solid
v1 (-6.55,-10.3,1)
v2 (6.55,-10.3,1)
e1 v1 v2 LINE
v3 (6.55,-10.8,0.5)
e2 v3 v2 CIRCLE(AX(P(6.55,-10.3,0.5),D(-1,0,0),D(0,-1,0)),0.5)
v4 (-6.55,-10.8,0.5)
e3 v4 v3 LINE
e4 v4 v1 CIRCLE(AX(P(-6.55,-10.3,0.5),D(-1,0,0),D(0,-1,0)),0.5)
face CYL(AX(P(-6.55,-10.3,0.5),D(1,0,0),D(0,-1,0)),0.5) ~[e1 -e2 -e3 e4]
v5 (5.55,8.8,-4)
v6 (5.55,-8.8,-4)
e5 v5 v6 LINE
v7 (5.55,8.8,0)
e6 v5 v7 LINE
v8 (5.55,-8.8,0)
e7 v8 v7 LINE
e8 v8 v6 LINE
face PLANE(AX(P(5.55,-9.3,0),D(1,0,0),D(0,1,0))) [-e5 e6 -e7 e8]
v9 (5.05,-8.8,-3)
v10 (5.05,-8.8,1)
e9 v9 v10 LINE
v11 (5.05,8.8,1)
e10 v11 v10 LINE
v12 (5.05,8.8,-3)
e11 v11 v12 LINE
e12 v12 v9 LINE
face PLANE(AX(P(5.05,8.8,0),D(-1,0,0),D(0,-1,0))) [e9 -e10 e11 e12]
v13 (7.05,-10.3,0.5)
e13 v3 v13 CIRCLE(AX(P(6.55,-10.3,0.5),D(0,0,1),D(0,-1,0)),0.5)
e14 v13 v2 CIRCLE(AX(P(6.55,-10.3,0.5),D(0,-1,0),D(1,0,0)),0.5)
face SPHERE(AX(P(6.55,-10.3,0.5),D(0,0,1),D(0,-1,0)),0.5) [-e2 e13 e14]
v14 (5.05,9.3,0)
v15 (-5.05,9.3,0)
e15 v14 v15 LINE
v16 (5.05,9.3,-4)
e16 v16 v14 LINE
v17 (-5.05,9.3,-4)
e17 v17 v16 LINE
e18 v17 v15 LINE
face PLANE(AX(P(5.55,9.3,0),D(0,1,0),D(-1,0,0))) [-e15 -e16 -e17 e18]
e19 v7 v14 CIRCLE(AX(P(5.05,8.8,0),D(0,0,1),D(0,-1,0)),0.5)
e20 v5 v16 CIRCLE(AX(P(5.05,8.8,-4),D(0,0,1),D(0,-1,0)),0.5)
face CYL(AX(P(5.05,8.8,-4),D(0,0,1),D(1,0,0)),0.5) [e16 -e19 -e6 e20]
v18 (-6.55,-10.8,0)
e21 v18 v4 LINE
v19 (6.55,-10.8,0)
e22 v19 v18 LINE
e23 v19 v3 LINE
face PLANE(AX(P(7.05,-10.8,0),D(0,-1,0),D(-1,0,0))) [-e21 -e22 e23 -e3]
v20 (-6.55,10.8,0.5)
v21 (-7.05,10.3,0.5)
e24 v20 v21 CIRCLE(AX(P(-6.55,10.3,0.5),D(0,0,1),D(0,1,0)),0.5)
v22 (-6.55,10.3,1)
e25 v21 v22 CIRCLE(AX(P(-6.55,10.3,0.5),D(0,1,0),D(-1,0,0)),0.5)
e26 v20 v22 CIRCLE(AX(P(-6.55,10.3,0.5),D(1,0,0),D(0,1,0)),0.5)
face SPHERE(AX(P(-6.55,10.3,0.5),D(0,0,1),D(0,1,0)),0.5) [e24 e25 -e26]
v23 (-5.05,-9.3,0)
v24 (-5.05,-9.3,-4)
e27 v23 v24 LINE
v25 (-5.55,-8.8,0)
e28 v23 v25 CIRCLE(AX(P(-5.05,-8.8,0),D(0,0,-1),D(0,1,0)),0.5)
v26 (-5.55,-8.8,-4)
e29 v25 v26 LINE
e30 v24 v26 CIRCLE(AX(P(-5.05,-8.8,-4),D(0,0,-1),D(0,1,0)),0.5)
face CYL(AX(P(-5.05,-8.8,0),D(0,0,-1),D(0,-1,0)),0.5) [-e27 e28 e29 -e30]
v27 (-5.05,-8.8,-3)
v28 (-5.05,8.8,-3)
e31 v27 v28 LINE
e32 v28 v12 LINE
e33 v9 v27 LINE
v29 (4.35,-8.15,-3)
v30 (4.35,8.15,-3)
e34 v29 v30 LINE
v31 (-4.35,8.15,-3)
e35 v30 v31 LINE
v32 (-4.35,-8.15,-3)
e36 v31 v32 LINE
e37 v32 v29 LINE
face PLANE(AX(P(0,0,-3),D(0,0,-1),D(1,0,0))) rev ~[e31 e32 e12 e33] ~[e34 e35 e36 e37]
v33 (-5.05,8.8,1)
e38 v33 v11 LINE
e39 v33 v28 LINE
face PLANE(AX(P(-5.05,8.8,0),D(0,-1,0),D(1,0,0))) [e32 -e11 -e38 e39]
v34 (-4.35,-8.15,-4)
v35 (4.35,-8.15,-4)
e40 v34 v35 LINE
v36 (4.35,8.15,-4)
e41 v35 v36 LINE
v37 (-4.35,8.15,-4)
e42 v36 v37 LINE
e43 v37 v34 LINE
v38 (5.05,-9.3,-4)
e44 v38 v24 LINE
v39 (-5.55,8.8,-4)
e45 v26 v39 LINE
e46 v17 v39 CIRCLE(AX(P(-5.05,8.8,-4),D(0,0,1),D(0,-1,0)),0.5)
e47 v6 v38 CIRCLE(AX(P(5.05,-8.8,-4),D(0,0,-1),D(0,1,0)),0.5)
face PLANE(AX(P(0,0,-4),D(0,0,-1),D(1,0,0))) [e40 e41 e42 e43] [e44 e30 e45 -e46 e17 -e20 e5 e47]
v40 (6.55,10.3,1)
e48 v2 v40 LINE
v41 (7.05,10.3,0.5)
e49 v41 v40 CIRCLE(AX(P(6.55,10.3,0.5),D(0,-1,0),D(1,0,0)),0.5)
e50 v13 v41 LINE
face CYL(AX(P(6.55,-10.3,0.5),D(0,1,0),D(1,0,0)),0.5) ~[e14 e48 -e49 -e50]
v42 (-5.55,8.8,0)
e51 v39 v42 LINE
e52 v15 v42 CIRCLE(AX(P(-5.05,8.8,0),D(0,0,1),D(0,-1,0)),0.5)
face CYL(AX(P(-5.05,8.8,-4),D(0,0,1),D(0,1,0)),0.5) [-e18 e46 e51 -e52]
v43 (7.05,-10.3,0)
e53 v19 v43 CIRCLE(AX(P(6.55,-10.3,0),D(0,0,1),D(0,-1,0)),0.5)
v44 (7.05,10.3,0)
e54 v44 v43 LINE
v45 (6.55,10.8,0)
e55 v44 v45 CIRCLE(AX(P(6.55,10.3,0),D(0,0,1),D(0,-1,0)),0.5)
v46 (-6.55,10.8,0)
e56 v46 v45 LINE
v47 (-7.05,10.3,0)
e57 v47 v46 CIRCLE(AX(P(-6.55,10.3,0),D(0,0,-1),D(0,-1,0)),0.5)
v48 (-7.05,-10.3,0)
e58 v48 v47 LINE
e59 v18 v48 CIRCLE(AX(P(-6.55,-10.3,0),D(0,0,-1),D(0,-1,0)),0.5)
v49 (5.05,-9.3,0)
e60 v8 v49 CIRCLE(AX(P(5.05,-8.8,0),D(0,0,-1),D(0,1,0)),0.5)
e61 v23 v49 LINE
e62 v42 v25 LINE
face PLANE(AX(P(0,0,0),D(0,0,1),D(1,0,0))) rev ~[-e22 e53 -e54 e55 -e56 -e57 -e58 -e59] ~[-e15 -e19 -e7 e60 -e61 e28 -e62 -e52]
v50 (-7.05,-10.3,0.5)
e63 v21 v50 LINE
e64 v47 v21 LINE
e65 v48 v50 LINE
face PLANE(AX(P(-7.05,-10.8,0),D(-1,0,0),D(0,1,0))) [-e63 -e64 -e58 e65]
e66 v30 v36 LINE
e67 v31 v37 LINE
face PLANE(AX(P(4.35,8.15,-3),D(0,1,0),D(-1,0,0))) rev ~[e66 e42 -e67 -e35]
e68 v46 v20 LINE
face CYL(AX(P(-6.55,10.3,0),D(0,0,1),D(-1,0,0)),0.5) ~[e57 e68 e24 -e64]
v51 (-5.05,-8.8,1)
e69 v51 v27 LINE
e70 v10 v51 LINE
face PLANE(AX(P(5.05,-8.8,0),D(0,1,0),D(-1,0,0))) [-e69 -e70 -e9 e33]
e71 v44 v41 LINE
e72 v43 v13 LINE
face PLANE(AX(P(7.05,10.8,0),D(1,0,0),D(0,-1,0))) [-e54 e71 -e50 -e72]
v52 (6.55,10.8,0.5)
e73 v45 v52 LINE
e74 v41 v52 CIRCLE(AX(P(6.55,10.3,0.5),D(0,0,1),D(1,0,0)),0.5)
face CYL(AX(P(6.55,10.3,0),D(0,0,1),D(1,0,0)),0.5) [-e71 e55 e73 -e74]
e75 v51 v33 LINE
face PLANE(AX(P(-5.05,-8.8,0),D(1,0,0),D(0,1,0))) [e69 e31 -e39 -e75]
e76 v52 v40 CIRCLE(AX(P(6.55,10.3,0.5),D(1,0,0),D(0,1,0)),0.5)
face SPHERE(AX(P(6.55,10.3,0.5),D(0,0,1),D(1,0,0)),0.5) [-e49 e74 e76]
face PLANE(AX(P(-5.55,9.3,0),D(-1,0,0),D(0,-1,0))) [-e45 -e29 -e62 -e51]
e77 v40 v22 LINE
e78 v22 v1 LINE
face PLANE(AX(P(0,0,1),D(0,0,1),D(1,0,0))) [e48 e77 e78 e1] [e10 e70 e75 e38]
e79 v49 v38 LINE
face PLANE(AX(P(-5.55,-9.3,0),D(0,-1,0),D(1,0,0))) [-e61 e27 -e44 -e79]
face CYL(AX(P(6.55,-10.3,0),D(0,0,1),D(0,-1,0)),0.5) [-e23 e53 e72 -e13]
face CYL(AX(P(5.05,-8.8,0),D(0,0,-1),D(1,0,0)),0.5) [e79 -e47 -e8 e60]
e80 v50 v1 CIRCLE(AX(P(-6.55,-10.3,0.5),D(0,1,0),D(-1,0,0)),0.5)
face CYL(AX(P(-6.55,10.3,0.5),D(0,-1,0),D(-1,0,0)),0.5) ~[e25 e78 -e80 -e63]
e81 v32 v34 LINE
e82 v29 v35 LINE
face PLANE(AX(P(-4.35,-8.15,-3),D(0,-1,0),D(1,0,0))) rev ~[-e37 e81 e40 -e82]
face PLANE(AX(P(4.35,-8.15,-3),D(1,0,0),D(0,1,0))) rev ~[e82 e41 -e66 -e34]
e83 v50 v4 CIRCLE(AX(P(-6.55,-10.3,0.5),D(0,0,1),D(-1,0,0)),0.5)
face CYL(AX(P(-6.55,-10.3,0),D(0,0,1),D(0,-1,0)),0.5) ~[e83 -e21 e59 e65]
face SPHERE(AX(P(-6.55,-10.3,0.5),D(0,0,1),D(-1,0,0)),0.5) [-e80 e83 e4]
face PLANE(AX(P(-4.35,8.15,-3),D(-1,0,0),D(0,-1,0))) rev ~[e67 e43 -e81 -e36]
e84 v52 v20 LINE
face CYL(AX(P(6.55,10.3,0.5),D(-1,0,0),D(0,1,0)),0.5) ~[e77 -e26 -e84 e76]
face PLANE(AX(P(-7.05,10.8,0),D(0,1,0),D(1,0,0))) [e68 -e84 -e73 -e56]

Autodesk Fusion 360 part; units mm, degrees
sketch "Sketch1" plane through (0, 0, 0) normal (0, 0, 1) x (1, 0, 0)
  line L0 (5.55, 9.3) -> (-5.55, 9.3)
  line L1 (-5.55, 9.3) -> (-5.55, -9.3)
  line L2 (-5.55, -9.3) -> (5.55, -9.3)
  line L3 (5.55, -9.3) -> (5.55, 9.3)
  line L4 (5.55, 9.3) -> (-5.55, -9.3) construction
  line L5 (-5.55, 9.3) -> (5.55, -9.3) construction
  line L6 (7.05, -10.8) -> (-7.05, -10.8)
  line L7 (-7.05, -10.8) -> (-7.05, 10.8)
  line L8 (-7.05, 10.8) -> (7.05, 10.8)
  line L9 (7.05, 10.8) -> (7.05, -10.8)
  line L10 (7.05, -10.8) -> (-7.05, 10.8) construction
  line L11 (-7.05, -10.8) -> (7.05, 10.8) construction
  line L12 (5.05, -8.8) -> (-5.05, -8.8)
  line L13 (-5.05, -8.8) -> (-5.05, 8.8)
  line L14 (-5.05, 8.8) -> (5.05, 8.8)
  line L15 (5.05, 8.8) -> (5.05, -8.8)
  line L16 (5.05, -8.8) -> (-5.05, 8.8) construction
  line L17 (-5.05, -8.8) -> (5.05, 8.8) construction
  dimension "d1" = 11.1
  dimension "d2" = 18.6
  dimension "d3" = 14.1
  dimension "d4" = 21.6
  dimension "d5" = 10.1
  dimension "d6" = 17.6
extrude "Extrude1" add sketch "Sketch1" along normal blind 1 contours L0 L1 L2 L3 | L6 L7 L8 L9
extrude "Extrude2" add sketch "Sketch1" against normal blind 3 contours L0 L1 L2 L3
sketch "Sketch2" plane through (0, 0, -3) normal (0, 0, -1) x (1, 0, 0)
  line L0 (5.05, -8.8) -> (-5.05, -8.8)
  line L1 (-5.05, -8.8) -> (-5.05, 8.8)
  line L2 (-5.05, 8.8) -> (5.05, 8.8)
  line L3 (5.05, 8.8) -> (5.05, -8.8)
  line L4 (5.55, -9.3) -> (5.55, 9.3)
  line L5 (5.55, 9.3) -> (-5.55, 9.3)
  line L6 (-5.55, 9.3) -> (-5.55, -9.3)
  line L7 (-5.55, -9.3) -> (5.55, -9.3)
  line L8 (5.55, -9.3) -> (-5.55, -9.3)
  line L9 (-5.55, -9.3) -> (-5.55, 9.3)
  line L10 (-5.55, 9.3) -> (5.55, 9.3)
  line L11 (5.55, 9.3) -> (5.55, -9.3)
  line L12 (5.55, -9.3) -> (-5.55, 9.3) construction
  line L13 (-5.55, -9.3) -> (5.55, 9.3) construction
  line L14 (4.35, -8.15) -> (-4.35, -8.15)
  line L15 (-4.35, -8.15) -> (-4.35, 8.15)
  line L16 (-4.35, 8.15) -> (4.35, 8.15)
  line L17 (4.35, 8.15) -> (4.35, -8.15)
  line L18 (4.35, -8.15) -> (-4.35, 8.15) construction
  line L19 (-4.35, -8.15) -> (4.35, 8.15) construction
  dimension "d11" = 8.7
  dimension "d12" = 16.3
extrude "Extrude3" add sketch "Sketch2" along normal blind 1 contours L0 L1 L2 L3 | L4 L5 L6 L7 L8 L9 L10 L11
fillet "Fillet1" radius 0.5 8 edges at (-7.05, -10.8, 0.5) (7.05, -10.8, 0.5) (-5.55, -9.3, -2) (5.55, -9.3, -2) (-5.55, 9.3, -2) (-7.05, 10.8, 0.5) (5.55, 9.3, -2) (7.05, 10.8, 0.5)
fillet "Fillet2" radius 0.5 8 edges at (6.9036, -10.6536, 1) (7.05, 0, 1) (6.9036, 10.6536, 1) (0, 10.8, 1) (-6.9036, 10.6536, 1) (-7.05, 0, 1) (-6.9036, -10.6536, 1) (0, -10.8, 1)
